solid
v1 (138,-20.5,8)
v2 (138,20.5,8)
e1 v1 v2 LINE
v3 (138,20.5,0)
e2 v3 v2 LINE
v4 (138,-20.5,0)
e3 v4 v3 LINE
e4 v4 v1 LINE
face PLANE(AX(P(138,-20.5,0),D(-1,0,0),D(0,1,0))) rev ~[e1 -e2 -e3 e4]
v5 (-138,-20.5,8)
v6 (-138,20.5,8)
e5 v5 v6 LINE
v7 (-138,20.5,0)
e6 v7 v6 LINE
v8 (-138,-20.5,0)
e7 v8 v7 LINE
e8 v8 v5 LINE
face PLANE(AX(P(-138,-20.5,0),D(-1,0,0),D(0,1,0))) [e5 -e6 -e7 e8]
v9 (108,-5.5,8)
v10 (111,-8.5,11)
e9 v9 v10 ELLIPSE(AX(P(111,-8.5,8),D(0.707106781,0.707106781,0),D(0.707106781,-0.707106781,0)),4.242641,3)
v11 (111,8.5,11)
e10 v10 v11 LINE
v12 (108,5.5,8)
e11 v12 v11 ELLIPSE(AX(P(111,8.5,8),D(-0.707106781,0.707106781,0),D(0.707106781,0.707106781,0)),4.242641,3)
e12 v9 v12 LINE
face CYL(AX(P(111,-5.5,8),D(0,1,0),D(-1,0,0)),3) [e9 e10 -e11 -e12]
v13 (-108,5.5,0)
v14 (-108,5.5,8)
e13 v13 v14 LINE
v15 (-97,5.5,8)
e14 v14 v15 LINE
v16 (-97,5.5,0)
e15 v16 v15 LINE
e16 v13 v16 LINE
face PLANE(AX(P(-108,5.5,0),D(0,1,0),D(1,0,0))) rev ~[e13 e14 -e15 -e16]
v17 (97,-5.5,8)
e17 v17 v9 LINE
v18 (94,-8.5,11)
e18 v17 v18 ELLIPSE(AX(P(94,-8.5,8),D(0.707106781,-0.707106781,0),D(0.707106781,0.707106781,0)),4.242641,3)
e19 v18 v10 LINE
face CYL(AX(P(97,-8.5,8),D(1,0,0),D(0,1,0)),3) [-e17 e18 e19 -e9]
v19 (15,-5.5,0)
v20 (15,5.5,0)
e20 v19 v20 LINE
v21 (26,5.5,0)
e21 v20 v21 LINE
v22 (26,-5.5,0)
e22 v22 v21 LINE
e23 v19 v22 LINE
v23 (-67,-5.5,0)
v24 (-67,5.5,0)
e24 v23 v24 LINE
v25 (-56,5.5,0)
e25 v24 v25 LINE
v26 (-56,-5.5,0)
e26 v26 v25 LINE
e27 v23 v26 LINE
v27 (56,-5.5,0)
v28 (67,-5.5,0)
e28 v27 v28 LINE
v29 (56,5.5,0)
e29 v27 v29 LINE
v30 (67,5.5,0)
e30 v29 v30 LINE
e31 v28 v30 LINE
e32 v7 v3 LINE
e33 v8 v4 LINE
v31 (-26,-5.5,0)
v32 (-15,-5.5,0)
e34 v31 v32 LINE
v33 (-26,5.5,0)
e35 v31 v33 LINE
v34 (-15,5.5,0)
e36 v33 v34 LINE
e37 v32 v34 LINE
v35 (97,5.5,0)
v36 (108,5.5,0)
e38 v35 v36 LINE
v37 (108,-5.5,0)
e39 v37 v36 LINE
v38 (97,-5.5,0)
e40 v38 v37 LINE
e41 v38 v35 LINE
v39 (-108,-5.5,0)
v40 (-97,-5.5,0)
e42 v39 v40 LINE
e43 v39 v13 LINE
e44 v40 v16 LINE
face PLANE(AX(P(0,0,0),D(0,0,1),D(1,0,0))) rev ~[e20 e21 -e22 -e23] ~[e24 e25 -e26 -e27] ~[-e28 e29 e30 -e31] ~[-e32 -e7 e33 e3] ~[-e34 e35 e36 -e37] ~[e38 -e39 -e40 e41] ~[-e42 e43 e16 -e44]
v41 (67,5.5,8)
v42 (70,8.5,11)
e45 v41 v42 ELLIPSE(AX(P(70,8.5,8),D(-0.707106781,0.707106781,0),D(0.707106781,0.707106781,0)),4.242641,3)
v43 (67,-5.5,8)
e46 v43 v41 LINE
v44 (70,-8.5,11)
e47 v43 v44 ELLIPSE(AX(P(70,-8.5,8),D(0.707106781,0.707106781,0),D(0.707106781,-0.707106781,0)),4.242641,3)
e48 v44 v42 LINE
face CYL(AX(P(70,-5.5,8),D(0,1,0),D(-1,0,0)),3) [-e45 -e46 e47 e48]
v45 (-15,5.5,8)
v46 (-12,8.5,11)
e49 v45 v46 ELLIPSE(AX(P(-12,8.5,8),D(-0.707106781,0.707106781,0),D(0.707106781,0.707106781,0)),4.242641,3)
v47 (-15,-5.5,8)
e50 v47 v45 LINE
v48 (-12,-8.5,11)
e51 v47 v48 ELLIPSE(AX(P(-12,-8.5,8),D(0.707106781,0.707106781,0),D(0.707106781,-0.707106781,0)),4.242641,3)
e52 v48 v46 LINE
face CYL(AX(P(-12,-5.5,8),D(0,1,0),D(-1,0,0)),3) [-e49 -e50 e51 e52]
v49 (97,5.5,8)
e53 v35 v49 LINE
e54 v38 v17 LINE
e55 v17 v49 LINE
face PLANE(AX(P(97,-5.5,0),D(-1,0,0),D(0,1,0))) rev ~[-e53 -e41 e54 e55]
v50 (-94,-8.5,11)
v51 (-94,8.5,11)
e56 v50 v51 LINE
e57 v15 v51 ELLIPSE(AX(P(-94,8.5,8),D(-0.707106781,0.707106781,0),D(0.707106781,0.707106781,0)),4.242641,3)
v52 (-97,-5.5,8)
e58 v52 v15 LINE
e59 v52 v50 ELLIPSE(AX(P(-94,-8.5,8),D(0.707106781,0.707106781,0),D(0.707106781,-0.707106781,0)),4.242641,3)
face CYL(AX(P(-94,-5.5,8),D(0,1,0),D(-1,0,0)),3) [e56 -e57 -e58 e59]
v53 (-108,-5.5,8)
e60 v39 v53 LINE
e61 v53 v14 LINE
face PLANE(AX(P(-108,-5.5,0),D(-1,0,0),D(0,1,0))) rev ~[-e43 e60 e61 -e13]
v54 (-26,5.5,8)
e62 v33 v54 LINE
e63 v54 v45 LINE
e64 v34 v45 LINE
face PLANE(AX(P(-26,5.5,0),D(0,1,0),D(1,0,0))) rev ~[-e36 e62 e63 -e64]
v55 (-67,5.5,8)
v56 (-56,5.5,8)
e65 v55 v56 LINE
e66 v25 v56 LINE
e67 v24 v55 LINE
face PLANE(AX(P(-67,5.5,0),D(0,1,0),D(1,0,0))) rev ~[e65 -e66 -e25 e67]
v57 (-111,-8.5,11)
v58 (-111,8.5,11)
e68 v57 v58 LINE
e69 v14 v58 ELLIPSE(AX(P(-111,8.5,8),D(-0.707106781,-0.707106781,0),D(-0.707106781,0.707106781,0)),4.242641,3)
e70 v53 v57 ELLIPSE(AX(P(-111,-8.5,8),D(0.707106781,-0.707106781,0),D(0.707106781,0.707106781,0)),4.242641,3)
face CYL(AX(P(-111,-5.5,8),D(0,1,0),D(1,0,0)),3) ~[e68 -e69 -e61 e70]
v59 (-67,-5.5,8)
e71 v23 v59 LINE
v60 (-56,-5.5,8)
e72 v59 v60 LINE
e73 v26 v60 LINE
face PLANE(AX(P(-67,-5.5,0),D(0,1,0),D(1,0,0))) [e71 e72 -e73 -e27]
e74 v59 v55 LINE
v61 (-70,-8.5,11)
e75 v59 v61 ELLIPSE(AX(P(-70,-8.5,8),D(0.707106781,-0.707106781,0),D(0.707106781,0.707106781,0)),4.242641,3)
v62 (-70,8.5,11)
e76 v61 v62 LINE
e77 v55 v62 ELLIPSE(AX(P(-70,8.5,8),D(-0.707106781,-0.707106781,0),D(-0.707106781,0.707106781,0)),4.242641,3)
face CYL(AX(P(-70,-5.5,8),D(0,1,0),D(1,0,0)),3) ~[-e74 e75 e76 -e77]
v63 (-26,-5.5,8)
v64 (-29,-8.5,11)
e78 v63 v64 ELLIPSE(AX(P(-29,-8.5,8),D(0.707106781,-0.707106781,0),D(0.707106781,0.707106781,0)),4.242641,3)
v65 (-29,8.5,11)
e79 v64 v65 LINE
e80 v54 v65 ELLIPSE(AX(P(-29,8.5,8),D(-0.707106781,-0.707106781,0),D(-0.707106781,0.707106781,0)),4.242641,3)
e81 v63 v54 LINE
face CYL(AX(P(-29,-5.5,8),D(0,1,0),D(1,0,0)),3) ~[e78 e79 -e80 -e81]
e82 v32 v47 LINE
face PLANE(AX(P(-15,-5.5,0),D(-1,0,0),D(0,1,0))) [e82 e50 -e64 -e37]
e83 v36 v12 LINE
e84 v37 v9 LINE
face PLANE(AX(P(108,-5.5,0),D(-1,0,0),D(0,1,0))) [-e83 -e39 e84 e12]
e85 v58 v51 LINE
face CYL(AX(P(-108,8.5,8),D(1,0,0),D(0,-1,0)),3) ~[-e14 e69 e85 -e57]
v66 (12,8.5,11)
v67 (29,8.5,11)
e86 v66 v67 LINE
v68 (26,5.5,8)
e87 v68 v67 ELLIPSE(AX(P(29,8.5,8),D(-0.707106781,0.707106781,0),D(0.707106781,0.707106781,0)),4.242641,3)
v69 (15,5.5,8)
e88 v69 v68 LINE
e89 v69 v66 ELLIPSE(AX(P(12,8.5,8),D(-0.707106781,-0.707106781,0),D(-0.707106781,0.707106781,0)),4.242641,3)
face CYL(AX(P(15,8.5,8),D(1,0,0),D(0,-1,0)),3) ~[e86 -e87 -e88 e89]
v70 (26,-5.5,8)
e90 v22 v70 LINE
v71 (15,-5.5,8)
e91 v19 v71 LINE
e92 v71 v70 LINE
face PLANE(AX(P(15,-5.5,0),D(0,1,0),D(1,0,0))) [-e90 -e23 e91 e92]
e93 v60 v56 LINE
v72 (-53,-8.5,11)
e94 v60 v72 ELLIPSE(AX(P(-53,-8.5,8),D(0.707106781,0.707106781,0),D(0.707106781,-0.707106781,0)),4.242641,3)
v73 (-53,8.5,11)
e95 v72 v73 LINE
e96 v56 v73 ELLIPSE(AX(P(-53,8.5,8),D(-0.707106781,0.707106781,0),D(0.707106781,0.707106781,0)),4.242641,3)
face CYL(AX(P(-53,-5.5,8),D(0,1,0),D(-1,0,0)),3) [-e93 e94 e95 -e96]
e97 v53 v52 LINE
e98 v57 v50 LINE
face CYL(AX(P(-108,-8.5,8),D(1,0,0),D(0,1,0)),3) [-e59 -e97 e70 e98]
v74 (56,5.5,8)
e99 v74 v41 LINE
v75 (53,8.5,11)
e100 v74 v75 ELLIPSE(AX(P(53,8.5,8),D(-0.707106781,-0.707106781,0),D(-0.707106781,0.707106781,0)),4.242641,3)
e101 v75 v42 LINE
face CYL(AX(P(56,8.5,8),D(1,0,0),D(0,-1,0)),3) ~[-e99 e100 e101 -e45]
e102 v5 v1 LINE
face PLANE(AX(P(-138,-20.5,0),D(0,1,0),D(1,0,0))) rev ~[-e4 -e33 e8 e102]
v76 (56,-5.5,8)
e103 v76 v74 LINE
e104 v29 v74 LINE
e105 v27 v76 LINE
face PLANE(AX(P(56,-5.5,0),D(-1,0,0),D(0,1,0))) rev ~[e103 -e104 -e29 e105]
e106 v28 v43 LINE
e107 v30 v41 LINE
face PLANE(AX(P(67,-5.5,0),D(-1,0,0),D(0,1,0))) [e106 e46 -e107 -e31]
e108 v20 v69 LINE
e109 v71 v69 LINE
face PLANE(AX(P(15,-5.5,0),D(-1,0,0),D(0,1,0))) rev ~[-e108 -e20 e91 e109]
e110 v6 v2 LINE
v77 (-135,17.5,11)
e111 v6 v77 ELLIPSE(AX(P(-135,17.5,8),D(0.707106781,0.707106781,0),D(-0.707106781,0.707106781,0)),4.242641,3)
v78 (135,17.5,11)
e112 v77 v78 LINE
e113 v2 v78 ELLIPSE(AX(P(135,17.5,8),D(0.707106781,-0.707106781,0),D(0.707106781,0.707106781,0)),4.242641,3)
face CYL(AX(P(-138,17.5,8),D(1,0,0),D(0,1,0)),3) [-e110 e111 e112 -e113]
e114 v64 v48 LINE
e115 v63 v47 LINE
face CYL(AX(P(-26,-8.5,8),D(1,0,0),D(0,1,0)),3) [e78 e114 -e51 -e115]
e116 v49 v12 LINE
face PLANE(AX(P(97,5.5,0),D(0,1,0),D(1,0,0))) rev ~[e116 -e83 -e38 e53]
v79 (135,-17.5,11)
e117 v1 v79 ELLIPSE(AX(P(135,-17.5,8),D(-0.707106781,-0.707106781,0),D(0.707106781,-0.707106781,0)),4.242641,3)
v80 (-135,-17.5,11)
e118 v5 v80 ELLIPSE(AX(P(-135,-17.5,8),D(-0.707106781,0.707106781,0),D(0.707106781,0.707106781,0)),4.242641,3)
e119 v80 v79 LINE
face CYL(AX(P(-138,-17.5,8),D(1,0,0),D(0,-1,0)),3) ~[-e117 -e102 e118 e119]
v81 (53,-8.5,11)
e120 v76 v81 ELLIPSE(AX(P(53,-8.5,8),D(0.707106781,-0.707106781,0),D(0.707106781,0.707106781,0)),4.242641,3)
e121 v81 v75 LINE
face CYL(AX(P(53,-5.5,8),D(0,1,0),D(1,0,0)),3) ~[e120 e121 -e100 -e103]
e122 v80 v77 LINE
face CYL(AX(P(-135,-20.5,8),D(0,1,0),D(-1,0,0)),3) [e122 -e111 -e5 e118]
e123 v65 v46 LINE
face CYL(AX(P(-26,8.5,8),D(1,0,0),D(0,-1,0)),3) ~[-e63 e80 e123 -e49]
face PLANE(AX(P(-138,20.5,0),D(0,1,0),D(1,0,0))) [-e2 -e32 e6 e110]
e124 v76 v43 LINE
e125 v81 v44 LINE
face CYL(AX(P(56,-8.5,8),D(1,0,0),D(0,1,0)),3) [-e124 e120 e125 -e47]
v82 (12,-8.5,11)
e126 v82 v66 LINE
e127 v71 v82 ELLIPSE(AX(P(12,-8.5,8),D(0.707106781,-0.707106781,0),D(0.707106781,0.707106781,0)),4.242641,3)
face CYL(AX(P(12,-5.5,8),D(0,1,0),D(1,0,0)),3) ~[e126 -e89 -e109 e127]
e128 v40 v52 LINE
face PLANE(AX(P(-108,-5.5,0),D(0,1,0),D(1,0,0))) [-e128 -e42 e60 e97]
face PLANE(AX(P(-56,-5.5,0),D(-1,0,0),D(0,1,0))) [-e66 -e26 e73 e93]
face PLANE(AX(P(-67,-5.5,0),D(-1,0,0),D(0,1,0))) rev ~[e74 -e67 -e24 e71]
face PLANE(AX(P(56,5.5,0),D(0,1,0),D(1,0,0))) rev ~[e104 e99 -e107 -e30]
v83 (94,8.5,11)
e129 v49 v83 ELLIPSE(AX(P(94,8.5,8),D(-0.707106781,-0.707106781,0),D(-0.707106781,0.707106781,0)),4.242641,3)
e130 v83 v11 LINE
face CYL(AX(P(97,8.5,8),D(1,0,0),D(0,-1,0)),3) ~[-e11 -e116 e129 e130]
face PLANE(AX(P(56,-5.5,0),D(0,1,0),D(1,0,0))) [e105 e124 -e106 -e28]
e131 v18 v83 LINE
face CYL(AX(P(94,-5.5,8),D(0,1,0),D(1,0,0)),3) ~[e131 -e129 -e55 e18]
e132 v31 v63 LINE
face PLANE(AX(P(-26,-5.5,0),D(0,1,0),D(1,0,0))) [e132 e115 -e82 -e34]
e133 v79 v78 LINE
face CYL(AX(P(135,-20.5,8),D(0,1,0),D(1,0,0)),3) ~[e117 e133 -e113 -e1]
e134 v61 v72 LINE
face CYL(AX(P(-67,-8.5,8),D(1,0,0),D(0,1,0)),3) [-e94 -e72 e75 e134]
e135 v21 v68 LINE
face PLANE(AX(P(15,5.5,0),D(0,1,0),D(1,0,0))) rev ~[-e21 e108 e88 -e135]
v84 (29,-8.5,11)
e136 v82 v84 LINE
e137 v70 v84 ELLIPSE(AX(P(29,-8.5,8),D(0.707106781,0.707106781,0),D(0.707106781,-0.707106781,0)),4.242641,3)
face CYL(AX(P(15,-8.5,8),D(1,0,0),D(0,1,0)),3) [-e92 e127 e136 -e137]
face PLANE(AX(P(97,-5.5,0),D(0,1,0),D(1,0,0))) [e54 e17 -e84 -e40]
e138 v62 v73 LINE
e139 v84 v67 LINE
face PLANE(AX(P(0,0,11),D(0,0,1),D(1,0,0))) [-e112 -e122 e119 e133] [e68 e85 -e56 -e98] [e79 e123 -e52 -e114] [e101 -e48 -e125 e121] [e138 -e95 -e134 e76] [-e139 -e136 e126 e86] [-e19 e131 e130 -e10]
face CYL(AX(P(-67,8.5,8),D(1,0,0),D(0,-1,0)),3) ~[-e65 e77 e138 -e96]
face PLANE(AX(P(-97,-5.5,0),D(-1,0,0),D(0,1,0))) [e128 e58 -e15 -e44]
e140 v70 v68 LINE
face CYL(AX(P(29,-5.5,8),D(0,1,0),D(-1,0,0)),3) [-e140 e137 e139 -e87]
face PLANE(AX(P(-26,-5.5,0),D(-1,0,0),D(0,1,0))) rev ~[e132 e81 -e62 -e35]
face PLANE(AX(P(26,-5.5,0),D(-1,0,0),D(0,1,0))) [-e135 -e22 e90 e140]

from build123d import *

# Parameters (mm, degrees)
SKETCH_W   = 276
SKETCH_H   = 41
SKETCH_W_2 = 11
SKETCH_H_2 = 11
PAD_DEPTH  = 11
FILLET_R   = 3


with BuildPart() as part:
    # Sketch → Pad (new body)
    with BuildSketch(Plane.XY):
        Rectangle(SKETCH_W, SKETCH_H)
        with Locations((-102.5, 0)):
            Rectangle(SKETCH_W_2, SKETCH_H_2, mode=Mode.SUBTRACT)
        with Locations((-61.5, 0)):
            Rectangle(SKETCH_W_2, SKETCH_H_2, mode=Mode.SUBTRACT)
        with Locations((-20.5, 0)):
            Rectangle(SKETCH_W_2, SKETCH_H_2, mode=Mode.SUBTRACT)
        with Locations((20.5, 0)):
            Rectangle(SKETCH_W_2, SKETCH_H_2, mode=Mode.SUBTRACT)
        with Locations((61.5, 0)):
            Rectangle(SKETCH_W_2, SKETCH_H_2, mode=Mode.SUBTRACT)
        with Locations((102.5, 0)):
            Rectangle(SKETCH_W_2, SKETCH_H_2, mode=Mode.SUBTRACT)
    extrude(amount=PAD_DEPTH)

    # Fillet
    fillet_edges = [part.edges().sort_by_distance(p)[0] for p in [
        (-138, 0, 11),
        (0, -20.5, 11),
        (138, 0, 11),
        (0, 20.5, 11),
        (97, 0, 11),
        (102.5, -5.5, 11),
        (108, 0, 11),
        (102.5, 5.5, 11),
        (56, 0, 11),
        (61.5, -5.5, 11),
        (67, 0, 11),
        (61.5, 5.5, 11),
        (15, 0, 11),
        (20.5, -5.5, 11),
        (26, 0, 11),
        (20.5, 5.5, 11),
        (-26, 0, 11),
        (-20.5, -5.5, 11),
        (-15, 0, 11),
        (-20.5, 5.5, 11),
        (-67, 0, 11),
        (-61.5, -5.5, 11),
        (-56, 0, 11),
        (-61.5, 5.5, 11),
        (-108, 0, 11),
        (-102.5, -5.5, 11),
        (-97, 0, 11),
        (-102.5, 5.5, 11),
    ]]
    fillet(fillet_edges, radius=FILLET_R)


solid = part.part
